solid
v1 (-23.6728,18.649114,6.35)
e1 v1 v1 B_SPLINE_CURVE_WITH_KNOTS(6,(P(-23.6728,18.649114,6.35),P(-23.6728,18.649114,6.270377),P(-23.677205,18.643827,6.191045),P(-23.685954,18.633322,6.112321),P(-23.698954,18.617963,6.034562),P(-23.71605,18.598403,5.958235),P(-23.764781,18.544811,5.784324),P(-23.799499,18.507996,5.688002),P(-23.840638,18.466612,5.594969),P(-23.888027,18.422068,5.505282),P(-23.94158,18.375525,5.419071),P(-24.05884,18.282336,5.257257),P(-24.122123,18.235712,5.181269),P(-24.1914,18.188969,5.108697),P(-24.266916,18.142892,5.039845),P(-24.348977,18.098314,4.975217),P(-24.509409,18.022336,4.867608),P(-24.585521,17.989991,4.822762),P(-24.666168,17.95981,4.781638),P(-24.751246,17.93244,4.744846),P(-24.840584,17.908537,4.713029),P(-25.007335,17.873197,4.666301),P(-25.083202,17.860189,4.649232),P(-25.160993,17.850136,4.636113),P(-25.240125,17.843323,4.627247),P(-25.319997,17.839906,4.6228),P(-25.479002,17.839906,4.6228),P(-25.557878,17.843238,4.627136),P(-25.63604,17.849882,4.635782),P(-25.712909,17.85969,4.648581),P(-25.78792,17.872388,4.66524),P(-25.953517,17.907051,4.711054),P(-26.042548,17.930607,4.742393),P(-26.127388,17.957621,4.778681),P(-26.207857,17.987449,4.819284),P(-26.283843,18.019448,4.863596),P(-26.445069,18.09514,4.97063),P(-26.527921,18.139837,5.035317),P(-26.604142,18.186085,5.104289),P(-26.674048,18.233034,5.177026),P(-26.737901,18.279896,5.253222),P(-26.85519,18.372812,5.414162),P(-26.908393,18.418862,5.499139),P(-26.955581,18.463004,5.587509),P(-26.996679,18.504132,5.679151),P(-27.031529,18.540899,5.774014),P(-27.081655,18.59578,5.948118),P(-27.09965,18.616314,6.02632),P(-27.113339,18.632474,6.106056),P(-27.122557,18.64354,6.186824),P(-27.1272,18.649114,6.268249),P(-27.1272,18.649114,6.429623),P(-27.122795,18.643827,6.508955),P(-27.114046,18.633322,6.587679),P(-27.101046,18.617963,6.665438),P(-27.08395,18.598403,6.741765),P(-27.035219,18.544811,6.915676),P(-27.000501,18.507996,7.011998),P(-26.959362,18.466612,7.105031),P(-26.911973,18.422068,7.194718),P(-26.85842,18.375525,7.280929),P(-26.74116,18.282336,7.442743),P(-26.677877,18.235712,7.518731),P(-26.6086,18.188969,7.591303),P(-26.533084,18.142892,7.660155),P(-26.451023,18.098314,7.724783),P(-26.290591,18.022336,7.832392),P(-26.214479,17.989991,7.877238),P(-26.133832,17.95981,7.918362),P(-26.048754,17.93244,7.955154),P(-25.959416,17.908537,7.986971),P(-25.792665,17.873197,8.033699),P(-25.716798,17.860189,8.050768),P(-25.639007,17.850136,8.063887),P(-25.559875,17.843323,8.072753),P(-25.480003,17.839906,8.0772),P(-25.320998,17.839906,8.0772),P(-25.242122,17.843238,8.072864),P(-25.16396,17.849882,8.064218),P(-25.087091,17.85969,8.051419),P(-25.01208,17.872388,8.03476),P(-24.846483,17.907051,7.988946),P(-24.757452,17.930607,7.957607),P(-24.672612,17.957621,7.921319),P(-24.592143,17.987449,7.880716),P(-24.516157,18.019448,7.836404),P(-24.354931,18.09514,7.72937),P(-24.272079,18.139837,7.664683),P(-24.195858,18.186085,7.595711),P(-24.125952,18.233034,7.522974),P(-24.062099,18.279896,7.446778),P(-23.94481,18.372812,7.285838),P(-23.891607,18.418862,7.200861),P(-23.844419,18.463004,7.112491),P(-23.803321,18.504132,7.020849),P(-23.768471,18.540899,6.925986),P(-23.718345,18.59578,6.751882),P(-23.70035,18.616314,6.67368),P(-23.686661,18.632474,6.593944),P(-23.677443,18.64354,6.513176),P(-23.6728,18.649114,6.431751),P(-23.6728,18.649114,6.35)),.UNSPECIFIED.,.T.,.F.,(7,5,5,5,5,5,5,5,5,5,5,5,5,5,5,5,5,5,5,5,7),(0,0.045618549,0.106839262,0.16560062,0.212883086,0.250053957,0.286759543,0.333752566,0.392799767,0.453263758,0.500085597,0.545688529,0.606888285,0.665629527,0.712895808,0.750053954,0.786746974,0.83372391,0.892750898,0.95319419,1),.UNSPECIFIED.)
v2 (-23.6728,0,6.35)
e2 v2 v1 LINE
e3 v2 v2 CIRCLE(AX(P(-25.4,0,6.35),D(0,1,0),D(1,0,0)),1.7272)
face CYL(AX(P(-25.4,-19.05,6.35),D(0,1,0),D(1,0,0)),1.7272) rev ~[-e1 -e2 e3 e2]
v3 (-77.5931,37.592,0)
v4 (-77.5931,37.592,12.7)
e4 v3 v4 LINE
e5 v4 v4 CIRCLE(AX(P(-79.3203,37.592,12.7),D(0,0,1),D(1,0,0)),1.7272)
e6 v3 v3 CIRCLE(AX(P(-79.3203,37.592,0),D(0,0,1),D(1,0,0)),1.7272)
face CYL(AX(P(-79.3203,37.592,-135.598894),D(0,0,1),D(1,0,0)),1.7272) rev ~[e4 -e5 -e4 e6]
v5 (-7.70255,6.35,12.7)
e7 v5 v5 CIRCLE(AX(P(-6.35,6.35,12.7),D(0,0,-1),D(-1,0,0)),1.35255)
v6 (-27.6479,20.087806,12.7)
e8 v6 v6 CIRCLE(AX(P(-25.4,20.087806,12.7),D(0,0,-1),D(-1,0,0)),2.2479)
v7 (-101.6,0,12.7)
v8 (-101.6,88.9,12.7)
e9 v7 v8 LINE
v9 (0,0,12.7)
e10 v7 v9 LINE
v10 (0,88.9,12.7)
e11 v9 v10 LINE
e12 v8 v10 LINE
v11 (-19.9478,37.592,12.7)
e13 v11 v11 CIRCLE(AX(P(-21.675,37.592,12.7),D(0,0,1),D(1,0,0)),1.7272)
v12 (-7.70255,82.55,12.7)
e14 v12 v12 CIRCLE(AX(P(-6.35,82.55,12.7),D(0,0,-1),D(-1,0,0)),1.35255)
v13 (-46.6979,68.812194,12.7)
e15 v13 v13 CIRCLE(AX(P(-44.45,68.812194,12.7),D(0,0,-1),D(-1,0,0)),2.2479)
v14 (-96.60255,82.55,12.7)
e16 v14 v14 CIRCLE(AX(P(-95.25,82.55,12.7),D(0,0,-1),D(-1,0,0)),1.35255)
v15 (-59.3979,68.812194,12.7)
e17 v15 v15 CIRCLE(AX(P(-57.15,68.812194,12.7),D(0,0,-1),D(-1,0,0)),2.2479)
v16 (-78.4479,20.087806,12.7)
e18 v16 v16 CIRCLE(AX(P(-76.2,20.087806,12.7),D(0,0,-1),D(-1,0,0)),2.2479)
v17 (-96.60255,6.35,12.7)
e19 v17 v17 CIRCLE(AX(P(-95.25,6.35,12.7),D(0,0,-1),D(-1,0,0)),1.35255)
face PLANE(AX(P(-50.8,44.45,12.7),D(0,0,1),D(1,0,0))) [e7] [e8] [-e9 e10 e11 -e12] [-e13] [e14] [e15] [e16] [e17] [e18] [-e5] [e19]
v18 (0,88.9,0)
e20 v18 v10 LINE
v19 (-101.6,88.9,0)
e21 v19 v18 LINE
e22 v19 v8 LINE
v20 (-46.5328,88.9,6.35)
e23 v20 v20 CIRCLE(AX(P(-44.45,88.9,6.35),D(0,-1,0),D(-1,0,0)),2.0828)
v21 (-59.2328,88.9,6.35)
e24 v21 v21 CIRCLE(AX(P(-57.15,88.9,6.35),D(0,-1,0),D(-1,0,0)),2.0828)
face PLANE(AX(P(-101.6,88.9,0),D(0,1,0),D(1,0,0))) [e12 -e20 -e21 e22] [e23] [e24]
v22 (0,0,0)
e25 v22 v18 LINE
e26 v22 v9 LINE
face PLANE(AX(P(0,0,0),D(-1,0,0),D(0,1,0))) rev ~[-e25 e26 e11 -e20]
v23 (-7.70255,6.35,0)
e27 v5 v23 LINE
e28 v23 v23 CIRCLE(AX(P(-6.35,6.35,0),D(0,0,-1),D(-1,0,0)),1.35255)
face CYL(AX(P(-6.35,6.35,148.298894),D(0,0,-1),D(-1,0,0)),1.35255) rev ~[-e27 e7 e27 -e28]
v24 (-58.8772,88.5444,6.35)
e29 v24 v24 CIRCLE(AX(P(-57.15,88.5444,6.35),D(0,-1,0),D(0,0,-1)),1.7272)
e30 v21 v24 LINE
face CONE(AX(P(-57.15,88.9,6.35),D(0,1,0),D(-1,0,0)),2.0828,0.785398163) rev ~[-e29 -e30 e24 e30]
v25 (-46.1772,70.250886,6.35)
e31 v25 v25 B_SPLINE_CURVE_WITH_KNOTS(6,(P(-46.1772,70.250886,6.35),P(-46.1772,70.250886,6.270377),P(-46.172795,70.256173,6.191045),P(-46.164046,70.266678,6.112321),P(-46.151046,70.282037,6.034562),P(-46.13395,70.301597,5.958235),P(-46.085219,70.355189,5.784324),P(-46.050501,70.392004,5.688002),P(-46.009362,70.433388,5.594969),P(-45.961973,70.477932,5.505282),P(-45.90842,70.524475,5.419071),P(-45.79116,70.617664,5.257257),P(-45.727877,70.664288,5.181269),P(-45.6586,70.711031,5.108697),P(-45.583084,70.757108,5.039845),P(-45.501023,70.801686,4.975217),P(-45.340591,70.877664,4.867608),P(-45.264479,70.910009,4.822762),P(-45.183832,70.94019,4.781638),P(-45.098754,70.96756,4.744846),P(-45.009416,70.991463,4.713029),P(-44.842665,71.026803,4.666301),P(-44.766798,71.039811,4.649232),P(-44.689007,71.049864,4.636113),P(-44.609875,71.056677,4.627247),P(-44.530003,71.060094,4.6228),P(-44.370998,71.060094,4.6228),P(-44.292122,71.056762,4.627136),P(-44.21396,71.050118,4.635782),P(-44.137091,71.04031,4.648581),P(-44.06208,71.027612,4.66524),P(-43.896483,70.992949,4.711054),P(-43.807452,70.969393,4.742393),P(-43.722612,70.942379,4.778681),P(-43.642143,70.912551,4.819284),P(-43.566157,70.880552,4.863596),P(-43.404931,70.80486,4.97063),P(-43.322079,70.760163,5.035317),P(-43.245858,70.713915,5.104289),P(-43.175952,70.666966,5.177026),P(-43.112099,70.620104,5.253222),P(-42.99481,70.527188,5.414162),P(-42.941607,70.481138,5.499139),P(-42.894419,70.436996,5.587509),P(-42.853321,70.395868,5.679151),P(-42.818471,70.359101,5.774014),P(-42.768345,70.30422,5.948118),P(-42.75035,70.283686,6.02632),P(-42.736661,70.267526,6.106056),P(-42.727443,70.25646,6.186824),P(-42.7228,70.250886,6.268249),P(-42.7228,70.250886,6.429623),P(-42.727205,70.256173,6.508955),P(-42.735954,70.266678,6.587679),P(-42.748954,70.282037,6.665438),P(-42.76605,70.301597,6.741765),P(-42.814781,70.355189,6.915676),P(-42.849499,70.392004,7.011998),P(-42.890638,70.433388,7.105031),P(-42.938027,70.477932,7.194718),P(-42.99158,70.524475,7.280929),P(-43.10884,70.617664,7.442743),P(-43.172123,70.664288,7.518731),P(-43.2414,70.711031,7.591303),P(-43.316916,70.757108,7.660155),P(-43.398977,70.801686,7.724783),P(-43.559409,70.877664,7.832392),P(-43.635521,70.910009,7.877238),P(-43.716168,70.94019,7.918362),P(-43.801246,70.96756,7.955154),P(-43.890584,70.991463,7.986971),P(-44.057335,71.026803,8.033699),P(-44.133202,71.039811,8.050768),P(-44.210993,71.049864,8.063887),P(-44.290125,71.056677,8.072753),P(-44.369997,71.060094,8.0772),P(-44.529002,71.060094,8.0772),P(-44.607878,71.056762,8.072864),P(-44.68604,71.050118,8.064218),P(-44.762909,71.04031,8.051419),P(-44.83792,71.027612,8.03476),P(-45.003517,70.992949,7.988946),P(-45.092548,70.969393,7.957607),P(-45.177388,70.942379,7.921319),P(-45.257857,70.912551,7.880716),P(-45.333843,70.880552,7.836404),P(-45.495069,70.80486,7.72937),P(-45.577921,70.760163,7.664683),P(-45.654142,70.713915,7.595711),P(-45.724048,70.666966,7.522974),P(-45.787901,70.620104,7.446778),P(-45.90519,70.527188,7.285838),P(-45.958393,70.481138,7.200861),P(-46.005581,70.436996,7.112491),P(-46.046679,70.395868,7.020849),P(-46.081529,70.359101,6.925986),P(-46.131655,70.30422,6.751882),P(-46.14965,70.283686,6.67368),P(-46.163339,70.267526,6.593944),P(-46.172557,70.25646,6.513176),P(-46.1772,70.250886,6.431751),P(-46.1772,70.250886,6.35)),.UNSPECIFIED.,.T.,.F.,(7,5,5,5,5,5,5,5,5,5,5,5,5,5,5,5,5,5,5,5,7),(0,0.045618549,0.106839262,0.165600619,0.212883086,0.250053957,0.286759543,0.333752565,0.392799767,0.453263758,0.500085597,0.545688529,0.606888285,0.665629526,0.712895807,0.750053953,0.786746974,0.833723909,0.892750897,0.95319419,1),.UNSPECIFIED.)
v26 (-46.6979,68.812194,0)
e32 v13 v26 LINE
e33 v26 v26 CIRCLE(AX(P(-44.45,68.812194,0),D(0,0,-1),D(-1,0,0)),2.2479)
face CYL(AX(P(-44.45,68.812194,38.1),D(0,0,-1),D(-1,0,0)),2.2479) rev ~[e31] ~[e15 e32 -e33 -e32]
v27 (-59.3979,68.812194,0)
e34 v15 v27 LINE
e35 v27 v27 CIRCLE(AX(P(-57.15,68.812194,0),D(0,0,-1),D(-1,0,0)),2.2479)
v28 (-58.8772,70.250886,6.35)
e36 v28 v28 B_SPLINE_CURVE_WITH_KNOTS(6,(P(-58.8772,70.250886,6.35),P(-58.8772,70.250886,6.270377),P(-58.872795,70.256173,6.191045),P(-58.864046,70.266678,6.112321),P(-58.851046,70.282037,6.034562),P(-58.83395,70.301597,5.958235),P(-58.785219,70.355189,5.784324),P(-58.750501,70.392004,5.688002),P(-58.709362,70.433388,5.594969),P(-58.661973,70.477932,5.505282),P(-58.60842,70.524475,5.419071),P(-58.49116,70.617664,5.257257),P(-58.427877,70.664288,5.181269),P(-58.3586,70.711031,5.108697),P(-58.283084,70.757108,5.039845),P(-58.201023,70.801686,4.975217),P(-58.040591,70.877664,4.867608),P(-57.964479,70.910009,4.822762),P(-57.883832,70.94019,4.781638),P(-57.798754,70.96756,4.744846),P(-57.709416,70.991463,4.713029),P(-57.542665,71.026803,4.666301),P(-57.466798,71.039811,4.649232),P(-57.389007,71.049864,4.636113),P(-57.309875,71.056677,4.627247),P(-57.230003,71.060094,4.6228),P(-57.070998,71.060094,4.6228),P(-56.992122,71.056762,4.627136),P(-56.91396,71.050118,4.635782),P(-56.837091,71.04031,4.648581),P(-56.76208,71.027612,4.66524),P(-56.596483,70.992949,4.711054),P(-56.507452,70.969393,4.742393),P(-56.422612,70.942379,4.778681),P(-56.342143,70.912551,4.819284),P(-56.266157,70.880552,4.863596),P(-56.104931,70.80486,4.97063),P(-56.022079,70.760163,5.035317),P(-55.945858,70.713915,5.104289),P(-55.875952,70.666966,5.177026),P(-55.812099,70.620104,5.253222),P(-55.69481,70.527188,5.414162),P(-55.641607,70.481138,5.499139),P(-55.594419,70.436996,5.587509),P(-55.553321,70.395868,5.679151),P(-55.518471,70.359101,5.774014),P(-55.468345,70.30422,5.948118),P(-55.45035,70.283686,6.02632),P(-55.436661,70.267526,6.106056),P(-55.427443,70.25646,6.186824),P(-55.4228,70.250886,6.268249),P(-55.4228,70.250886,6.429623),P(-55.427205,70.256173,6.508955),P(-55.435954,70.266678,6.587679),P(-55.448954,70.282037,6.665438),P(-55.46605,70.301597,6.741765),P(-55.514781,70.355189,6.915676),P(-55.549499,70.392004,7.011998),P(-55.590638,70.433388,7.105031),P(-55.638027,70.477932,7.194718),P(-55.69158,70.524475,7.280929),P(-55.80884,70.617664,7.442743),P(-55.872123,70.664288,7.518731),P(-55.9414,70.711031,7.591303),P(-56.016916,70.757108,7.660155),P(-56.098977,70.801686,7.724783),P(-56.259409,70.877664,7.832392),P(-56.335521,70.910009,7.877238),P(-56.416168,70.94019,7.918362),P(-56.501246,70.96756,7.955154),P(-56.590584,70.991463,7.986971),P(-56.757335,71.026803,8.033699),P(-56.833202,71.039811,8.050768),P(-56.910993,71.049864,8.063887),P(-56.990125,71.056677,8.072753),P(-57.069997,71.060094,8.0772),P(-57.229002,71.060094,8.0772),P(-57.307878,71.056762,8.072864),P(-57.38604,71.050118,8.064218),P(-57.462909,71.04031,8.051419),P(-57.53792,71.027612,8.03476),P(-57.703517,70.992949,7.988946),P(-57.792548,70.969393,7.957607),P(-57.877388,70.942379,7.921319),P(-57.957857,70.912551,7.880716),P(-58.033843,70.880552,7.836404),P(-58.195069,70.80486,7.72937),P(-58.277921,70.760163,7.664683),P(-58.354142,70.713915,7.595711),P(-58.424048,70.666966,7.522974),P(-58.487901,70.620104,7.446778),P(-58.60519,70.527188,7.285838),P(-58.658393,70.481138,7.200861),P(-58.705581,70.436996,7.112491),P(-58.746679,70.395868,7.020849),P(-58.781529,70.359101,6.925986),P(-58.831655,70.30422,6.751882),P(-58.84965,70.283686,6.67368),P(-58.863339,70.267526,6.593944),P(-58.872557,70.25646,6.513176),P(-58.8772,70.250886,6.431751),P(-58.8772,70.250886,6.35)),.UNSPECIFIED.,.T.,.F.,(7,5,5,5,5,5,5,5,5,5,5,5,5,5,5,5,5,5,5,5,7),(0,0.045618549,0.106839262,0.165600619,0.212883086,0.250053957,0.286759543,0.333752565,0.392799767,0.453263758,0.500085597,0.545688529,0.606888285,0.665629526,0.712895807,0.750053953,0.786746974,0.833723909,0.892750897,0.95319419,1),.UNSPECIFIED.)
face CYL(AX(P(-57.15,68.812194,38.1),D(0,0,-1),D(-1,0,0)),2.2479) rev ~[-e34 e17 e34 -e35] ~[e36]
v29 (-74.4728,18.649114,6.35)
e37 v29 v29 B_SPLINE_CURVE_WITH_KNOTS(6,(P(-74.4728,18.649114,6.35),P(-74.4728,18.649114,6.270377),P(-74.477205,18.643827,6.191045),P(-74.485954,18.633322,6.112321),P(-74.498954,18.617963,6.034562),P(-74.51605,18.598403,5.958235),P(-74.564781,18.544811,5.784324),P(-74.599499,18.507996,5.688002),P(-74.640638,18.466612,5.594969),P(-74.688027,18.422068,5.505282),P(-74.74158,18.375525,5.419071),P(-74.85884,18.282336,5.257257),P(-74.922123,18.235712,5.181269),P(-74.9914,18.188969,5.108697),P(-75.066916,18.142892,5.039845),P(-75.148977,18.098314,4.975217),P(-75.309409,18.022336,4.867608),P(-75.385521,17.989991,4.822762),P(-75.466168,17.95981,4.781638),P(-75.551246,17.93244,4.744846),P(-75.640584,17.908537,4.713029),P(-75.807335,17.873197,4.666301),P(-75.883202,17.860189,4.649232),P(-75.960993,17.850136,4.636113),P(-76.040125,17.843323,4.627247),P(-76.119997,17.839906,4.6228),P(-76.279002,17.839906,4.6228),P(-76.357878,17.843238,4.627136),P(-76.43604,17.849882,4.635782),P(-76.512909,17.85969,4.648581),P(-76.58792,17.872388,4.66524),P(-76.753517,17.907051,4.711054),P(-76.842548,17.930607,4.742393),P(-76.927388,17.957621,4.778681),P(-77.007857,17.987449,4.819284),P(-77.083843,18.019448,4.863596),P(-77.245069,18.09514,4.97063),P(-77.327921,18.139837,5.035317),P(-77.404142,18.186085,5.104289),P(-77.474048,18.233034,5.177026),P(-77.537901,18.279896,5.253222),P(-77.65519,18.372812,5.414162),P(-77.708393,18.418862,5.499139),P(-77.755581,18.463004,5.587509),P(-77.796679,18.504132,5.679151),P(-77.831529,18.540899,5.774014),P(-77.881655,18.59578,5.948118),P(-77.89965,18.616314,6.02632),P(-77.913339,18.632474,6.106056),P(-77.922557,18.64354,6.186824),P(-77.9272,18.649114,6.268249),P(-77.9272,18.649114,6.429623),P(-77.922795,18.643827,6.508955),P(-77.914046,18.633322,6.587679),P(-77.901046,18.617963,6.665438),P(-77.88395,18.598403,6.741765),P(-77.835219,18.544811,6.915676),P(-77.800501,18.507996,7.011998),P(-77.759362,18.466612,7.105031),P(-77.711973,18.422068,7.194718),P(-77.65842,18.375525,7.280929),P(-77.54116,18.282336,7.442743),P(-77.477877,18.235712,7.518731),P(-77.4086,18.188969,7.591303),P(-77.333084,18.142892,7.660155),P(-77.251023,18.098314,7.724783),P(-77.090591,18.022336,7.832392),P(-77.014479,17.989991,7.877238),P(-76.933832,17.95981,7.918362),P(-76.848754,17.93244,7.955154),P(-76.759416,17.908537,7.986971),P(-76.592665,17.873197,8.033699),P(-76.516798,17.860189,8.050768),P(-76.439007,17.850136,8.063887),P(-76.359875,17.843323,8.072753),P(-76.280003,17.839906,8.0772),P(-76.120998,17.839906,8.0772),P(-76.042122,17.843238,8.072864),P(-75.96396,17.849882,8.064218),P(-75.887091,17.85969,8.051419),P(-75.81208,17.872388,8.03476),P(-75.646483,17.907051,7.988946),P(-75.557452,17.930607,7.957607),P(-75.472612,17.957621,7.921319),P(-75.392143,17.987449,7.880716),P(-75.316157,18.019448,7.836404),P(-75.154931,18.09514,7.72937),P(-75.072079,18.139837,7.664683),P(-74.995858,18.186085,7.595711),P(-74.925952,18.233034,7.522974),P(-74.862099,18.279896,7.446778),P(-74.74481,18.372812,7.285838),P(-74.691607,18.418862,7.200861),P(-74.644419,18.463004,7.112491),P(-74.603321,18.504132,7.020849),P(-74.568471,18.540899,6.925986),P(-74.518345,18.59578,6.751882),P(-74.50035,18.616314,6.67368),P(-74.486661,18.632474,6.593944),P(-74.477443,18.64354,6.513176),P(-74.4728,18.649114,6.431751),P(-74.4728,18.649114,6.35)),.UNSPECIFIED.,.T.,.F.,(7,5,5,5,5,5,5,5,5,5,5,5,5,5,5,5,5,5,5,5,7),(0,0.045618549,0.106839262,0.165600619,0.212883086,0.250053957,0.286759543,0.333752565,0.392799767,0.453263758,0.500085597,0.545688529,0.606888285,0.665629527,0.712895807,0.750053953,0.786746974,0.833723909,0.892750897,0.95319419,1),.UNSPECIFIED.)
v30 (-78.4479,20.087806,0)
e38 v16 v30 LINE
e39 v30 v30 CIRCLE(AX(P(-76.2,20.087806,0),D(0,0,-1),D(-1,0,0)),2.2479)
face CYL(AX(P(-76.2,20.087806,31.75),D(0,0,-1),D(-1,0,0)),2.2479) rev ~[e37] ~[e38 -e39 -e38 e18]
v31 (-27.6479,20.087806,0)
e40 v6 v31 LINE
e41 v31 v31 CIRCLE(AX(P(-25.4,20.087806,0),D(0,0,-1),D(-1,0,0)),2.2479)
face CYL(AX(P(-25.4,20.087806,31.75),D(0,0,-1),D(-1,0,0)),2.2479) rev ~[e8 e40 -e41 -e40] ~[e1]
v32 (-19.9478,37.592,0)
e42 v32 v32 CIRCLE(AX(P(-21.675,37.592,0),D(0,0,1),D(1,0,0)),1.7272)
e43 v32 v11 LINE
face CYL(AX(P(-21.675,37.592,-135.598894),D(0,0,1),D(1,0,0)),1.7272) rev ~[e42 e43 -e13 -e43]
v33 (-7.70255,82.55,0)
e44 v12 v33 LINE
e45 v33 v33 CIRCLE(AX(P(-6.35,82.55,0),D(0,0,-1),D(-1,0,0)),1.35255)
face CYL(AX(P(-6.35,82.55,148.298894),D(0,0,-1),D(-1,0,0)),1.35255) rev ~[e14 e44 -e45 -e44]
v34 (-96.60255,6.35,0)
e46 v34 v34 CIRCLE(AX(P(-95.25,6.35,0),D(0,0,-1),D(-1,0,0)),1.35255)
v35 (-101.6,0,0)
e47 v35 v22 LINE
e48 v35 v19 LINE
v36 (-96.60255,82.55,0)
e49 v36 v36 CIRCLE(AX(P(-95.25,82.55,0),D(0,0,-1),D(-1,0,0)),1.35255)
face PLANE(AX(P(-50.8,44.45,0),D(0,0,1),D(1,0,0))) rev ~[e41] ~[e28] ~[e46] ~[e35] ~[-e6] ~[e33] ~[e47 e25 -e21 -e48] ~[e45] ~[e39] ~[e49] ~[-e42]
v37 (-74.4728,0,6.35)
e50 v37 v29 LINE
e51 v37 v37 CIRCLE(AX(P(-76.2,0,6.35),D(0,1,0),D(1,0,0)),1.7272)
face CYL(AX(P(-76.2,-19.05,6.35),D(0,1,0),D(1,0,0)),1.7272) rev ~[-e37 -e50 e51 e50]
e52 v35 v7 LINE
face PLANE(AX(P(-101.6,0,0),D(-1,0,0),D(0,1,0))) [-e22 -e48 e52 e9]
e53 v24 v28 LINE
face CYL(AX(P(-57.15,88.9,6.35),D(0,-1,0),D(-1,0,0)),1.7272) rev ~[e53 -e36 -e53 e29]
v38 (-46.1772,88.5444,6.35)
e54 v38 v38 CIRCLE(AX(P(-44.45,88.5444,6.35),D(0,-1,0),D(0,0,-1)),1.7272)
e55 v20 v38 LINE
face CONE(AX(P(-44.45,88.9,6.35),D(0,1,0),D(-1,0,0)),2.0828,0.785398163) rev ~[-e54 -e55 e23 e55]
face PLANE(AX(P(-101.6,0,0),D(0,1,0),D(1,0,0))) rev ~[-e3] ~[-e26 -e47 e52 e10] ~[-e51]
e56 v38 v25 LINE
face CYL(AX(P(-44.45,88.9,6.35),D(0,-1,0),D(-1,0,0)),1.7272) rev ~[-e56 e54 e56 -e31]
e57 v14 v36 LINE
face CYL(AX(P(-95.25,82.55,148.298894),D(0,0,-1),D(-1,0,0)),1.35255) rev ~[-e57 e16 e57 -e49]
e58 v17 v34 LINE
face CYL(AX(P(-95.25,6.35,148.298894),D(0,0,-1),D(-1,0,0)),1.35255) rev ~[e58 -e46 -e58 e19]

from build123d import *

# Parameters (mm, degrees)
SKETCH1_W                       = 101.6
SKETCH1_H                       = 88.9
BOSS_EXTRUDE1_DEPTH             = 12.7
F_8_32_TAPPED_HOLE1_D           = 3.4544
F_8_32_TAPPED_HOLE1_DEPTH       = 19.05
F_8_32_TAPPED_HOLE1_CSINK_D     = 4.1656
F_8_32_TAPPED_HOLE1_CSINK_ANGLE = 90
F_8_32_TAPPED_HOLE1_TIP         = 1.037806461
F_8_CLEARANCE_HOLE2_D           = 4.4958
F_8_CLEARANCE_HOLE2_DEPTH       = 25.4
F_8_CLEARANCE_HOLE2_TIP         = 1.350674586
F_6_32_TAPPED_HOLE1_D           = 2.7051
F_8_32_TAPPED_HOLE2_D           = 3.4544
F_8_32_TAPPED_HOLE3_D           = 3.4544
F_8_32_TAPPED_HOLE3_DEPTH       = 19.05
F_8_32_TAPPED_HOLE3_TIP         = 1.037806461
F_8_CLEARANCE_HOLE3_D           = 4.4958
F_8_CLEARANCE_HOLE3_DEPTH       = 19.05
F_8_CLEARANCE_HOLE3_TIP         = 1.350674586


with BuildPart() as part:
    # Sketch1 → Boss-Extrude1 (new body)
    with BuildSketch(Plane.XY):
        with Locations((-50.8, 44.45)):
            Rectangle(SKETCH1_W, SKETCH1_H)
    extrude(amount=BOSS_EXTRUDE1_DEPTH)

    # #8-32 Tapped Hole1
    with Locations(Plane(origin=(0, 88.9, 0), x_dir=(1, 0, 0), z_dir=(0, 1, 0))):
        with Locations((-44.45, -6.35), (-57.15, -6.35)):
            CounterSinkHole(F_8_32_TAPPED_HOLE1_D / 2, F_8_32_TAPPED_HOLE1_CSINK_D / 2, depth=F_8_32_TAPPED_HOLE1_DEPTH, counter_sink_angle=F_8_32_TAPPED_HOLE1_CSINK_ANGLE)
            with Locations((0, 0, -(F_8_32_TAPPED_HOLE1_DEPTH + F_8_32_TAPPED_HOLE1_TIP / 2))):  # 118° drill point
                Cone(0, F_8_32_TAPPED_HOLE1_D / 2, F_8_32_TAPPED_HOLE1_TIP, mode=Mode.SUBTRACT)

    # #8 Clearance Hole2
    with Locations(Plane.XY.offset(12.7)):
        with Locations((-44.45, 68.812193539), (-57.15, 68.812193539)):
            Hole(F_8_CLEARANCE_HOLE2_D / 2, depth=F_8_CLEARANCE_HOLE2_DEPTH)
            with Locations((0, 0, -(F_8_CLEARANCE_HOLE2_DEPTH + F_8_CLEARANCE_HOLE2_TIP / 2))):  # 118° drill point
                Cone(0, F_8_CLEARANCE_HOLE2_D / 2, F_8_CLEARANCE_HOLE2_TIP, mode=Mode.SUBTRACT)

    # #6-32 Tapped Hole1 (through all)
    with Locations(Plane.XY.offset(12.7)):
        with Locations((-95.25, 6.35), (-95.25, 82.55), (-6.35, 6.35), (-6.35, 82.55)):
            Hole(F_6_32_TAPPED_HOLE1_D / 2)

    # #8-32 Tapped Hole2 (through all)
    with Locations(Plane(origin=(0, 0, 0), x_dir=(-1, 0, 0), z_dir=(0, 0, -1))):
        with Locations((79.3203, 37.592), (21.675, 37.592)):
            Hole(F_8_32_TAPPED_HOLE2_D / 2)

    # #8-32 Tapped Hole3
    with Locations(Plane(origin=(0, 0, 0), x_dir=(-1, 0, 0), z_dir=(0, -1, 0))):
        with Locations((76.2, -6.35), (25.4, -6.35)):
            Hole(F_8_32_TAPPED_HOLE3_D / 2, depth=F_8_32_TAPPED_HOLE3_DEPTH)
            with Locations((0, 0, -(F_8_32_TAPPED_HOLE3_DEPTH + F_8_32_TAPPED_HOLE3_TIP / 2))):  # 118° drill point
                Cone(0, F_8_32_TAPPED_HOLE3_D / 2, F_8_32_TAPPED_HOLE3_TIP, mode=Mode.SUBTRACT)

    # #8 Clearance Hole3
    with Locations(Plane.XY.offset(12.7)):
        with Locations((-76.2, 20.087806461), (-25.4, 20.087806461)):
            Hole(F_8_CLEARANCE_HOLE3_D / 2, depth=F_8_CLEARANCE_HOLE3_DEPTH)
            with Locations((0, 0, -(F_8_CLEARANCE_HOLE3_DEPTH + F_8_CLEARANCE_HOLE3_TIP / 2))):  # 118° drill point
                Cone(0, F_8_CLEARANCE_HOLE3_D / 2, F_8_CLEARANCE_HOLE3_TIP, mode=Mode.SUBTRACT)


solid = part.part
